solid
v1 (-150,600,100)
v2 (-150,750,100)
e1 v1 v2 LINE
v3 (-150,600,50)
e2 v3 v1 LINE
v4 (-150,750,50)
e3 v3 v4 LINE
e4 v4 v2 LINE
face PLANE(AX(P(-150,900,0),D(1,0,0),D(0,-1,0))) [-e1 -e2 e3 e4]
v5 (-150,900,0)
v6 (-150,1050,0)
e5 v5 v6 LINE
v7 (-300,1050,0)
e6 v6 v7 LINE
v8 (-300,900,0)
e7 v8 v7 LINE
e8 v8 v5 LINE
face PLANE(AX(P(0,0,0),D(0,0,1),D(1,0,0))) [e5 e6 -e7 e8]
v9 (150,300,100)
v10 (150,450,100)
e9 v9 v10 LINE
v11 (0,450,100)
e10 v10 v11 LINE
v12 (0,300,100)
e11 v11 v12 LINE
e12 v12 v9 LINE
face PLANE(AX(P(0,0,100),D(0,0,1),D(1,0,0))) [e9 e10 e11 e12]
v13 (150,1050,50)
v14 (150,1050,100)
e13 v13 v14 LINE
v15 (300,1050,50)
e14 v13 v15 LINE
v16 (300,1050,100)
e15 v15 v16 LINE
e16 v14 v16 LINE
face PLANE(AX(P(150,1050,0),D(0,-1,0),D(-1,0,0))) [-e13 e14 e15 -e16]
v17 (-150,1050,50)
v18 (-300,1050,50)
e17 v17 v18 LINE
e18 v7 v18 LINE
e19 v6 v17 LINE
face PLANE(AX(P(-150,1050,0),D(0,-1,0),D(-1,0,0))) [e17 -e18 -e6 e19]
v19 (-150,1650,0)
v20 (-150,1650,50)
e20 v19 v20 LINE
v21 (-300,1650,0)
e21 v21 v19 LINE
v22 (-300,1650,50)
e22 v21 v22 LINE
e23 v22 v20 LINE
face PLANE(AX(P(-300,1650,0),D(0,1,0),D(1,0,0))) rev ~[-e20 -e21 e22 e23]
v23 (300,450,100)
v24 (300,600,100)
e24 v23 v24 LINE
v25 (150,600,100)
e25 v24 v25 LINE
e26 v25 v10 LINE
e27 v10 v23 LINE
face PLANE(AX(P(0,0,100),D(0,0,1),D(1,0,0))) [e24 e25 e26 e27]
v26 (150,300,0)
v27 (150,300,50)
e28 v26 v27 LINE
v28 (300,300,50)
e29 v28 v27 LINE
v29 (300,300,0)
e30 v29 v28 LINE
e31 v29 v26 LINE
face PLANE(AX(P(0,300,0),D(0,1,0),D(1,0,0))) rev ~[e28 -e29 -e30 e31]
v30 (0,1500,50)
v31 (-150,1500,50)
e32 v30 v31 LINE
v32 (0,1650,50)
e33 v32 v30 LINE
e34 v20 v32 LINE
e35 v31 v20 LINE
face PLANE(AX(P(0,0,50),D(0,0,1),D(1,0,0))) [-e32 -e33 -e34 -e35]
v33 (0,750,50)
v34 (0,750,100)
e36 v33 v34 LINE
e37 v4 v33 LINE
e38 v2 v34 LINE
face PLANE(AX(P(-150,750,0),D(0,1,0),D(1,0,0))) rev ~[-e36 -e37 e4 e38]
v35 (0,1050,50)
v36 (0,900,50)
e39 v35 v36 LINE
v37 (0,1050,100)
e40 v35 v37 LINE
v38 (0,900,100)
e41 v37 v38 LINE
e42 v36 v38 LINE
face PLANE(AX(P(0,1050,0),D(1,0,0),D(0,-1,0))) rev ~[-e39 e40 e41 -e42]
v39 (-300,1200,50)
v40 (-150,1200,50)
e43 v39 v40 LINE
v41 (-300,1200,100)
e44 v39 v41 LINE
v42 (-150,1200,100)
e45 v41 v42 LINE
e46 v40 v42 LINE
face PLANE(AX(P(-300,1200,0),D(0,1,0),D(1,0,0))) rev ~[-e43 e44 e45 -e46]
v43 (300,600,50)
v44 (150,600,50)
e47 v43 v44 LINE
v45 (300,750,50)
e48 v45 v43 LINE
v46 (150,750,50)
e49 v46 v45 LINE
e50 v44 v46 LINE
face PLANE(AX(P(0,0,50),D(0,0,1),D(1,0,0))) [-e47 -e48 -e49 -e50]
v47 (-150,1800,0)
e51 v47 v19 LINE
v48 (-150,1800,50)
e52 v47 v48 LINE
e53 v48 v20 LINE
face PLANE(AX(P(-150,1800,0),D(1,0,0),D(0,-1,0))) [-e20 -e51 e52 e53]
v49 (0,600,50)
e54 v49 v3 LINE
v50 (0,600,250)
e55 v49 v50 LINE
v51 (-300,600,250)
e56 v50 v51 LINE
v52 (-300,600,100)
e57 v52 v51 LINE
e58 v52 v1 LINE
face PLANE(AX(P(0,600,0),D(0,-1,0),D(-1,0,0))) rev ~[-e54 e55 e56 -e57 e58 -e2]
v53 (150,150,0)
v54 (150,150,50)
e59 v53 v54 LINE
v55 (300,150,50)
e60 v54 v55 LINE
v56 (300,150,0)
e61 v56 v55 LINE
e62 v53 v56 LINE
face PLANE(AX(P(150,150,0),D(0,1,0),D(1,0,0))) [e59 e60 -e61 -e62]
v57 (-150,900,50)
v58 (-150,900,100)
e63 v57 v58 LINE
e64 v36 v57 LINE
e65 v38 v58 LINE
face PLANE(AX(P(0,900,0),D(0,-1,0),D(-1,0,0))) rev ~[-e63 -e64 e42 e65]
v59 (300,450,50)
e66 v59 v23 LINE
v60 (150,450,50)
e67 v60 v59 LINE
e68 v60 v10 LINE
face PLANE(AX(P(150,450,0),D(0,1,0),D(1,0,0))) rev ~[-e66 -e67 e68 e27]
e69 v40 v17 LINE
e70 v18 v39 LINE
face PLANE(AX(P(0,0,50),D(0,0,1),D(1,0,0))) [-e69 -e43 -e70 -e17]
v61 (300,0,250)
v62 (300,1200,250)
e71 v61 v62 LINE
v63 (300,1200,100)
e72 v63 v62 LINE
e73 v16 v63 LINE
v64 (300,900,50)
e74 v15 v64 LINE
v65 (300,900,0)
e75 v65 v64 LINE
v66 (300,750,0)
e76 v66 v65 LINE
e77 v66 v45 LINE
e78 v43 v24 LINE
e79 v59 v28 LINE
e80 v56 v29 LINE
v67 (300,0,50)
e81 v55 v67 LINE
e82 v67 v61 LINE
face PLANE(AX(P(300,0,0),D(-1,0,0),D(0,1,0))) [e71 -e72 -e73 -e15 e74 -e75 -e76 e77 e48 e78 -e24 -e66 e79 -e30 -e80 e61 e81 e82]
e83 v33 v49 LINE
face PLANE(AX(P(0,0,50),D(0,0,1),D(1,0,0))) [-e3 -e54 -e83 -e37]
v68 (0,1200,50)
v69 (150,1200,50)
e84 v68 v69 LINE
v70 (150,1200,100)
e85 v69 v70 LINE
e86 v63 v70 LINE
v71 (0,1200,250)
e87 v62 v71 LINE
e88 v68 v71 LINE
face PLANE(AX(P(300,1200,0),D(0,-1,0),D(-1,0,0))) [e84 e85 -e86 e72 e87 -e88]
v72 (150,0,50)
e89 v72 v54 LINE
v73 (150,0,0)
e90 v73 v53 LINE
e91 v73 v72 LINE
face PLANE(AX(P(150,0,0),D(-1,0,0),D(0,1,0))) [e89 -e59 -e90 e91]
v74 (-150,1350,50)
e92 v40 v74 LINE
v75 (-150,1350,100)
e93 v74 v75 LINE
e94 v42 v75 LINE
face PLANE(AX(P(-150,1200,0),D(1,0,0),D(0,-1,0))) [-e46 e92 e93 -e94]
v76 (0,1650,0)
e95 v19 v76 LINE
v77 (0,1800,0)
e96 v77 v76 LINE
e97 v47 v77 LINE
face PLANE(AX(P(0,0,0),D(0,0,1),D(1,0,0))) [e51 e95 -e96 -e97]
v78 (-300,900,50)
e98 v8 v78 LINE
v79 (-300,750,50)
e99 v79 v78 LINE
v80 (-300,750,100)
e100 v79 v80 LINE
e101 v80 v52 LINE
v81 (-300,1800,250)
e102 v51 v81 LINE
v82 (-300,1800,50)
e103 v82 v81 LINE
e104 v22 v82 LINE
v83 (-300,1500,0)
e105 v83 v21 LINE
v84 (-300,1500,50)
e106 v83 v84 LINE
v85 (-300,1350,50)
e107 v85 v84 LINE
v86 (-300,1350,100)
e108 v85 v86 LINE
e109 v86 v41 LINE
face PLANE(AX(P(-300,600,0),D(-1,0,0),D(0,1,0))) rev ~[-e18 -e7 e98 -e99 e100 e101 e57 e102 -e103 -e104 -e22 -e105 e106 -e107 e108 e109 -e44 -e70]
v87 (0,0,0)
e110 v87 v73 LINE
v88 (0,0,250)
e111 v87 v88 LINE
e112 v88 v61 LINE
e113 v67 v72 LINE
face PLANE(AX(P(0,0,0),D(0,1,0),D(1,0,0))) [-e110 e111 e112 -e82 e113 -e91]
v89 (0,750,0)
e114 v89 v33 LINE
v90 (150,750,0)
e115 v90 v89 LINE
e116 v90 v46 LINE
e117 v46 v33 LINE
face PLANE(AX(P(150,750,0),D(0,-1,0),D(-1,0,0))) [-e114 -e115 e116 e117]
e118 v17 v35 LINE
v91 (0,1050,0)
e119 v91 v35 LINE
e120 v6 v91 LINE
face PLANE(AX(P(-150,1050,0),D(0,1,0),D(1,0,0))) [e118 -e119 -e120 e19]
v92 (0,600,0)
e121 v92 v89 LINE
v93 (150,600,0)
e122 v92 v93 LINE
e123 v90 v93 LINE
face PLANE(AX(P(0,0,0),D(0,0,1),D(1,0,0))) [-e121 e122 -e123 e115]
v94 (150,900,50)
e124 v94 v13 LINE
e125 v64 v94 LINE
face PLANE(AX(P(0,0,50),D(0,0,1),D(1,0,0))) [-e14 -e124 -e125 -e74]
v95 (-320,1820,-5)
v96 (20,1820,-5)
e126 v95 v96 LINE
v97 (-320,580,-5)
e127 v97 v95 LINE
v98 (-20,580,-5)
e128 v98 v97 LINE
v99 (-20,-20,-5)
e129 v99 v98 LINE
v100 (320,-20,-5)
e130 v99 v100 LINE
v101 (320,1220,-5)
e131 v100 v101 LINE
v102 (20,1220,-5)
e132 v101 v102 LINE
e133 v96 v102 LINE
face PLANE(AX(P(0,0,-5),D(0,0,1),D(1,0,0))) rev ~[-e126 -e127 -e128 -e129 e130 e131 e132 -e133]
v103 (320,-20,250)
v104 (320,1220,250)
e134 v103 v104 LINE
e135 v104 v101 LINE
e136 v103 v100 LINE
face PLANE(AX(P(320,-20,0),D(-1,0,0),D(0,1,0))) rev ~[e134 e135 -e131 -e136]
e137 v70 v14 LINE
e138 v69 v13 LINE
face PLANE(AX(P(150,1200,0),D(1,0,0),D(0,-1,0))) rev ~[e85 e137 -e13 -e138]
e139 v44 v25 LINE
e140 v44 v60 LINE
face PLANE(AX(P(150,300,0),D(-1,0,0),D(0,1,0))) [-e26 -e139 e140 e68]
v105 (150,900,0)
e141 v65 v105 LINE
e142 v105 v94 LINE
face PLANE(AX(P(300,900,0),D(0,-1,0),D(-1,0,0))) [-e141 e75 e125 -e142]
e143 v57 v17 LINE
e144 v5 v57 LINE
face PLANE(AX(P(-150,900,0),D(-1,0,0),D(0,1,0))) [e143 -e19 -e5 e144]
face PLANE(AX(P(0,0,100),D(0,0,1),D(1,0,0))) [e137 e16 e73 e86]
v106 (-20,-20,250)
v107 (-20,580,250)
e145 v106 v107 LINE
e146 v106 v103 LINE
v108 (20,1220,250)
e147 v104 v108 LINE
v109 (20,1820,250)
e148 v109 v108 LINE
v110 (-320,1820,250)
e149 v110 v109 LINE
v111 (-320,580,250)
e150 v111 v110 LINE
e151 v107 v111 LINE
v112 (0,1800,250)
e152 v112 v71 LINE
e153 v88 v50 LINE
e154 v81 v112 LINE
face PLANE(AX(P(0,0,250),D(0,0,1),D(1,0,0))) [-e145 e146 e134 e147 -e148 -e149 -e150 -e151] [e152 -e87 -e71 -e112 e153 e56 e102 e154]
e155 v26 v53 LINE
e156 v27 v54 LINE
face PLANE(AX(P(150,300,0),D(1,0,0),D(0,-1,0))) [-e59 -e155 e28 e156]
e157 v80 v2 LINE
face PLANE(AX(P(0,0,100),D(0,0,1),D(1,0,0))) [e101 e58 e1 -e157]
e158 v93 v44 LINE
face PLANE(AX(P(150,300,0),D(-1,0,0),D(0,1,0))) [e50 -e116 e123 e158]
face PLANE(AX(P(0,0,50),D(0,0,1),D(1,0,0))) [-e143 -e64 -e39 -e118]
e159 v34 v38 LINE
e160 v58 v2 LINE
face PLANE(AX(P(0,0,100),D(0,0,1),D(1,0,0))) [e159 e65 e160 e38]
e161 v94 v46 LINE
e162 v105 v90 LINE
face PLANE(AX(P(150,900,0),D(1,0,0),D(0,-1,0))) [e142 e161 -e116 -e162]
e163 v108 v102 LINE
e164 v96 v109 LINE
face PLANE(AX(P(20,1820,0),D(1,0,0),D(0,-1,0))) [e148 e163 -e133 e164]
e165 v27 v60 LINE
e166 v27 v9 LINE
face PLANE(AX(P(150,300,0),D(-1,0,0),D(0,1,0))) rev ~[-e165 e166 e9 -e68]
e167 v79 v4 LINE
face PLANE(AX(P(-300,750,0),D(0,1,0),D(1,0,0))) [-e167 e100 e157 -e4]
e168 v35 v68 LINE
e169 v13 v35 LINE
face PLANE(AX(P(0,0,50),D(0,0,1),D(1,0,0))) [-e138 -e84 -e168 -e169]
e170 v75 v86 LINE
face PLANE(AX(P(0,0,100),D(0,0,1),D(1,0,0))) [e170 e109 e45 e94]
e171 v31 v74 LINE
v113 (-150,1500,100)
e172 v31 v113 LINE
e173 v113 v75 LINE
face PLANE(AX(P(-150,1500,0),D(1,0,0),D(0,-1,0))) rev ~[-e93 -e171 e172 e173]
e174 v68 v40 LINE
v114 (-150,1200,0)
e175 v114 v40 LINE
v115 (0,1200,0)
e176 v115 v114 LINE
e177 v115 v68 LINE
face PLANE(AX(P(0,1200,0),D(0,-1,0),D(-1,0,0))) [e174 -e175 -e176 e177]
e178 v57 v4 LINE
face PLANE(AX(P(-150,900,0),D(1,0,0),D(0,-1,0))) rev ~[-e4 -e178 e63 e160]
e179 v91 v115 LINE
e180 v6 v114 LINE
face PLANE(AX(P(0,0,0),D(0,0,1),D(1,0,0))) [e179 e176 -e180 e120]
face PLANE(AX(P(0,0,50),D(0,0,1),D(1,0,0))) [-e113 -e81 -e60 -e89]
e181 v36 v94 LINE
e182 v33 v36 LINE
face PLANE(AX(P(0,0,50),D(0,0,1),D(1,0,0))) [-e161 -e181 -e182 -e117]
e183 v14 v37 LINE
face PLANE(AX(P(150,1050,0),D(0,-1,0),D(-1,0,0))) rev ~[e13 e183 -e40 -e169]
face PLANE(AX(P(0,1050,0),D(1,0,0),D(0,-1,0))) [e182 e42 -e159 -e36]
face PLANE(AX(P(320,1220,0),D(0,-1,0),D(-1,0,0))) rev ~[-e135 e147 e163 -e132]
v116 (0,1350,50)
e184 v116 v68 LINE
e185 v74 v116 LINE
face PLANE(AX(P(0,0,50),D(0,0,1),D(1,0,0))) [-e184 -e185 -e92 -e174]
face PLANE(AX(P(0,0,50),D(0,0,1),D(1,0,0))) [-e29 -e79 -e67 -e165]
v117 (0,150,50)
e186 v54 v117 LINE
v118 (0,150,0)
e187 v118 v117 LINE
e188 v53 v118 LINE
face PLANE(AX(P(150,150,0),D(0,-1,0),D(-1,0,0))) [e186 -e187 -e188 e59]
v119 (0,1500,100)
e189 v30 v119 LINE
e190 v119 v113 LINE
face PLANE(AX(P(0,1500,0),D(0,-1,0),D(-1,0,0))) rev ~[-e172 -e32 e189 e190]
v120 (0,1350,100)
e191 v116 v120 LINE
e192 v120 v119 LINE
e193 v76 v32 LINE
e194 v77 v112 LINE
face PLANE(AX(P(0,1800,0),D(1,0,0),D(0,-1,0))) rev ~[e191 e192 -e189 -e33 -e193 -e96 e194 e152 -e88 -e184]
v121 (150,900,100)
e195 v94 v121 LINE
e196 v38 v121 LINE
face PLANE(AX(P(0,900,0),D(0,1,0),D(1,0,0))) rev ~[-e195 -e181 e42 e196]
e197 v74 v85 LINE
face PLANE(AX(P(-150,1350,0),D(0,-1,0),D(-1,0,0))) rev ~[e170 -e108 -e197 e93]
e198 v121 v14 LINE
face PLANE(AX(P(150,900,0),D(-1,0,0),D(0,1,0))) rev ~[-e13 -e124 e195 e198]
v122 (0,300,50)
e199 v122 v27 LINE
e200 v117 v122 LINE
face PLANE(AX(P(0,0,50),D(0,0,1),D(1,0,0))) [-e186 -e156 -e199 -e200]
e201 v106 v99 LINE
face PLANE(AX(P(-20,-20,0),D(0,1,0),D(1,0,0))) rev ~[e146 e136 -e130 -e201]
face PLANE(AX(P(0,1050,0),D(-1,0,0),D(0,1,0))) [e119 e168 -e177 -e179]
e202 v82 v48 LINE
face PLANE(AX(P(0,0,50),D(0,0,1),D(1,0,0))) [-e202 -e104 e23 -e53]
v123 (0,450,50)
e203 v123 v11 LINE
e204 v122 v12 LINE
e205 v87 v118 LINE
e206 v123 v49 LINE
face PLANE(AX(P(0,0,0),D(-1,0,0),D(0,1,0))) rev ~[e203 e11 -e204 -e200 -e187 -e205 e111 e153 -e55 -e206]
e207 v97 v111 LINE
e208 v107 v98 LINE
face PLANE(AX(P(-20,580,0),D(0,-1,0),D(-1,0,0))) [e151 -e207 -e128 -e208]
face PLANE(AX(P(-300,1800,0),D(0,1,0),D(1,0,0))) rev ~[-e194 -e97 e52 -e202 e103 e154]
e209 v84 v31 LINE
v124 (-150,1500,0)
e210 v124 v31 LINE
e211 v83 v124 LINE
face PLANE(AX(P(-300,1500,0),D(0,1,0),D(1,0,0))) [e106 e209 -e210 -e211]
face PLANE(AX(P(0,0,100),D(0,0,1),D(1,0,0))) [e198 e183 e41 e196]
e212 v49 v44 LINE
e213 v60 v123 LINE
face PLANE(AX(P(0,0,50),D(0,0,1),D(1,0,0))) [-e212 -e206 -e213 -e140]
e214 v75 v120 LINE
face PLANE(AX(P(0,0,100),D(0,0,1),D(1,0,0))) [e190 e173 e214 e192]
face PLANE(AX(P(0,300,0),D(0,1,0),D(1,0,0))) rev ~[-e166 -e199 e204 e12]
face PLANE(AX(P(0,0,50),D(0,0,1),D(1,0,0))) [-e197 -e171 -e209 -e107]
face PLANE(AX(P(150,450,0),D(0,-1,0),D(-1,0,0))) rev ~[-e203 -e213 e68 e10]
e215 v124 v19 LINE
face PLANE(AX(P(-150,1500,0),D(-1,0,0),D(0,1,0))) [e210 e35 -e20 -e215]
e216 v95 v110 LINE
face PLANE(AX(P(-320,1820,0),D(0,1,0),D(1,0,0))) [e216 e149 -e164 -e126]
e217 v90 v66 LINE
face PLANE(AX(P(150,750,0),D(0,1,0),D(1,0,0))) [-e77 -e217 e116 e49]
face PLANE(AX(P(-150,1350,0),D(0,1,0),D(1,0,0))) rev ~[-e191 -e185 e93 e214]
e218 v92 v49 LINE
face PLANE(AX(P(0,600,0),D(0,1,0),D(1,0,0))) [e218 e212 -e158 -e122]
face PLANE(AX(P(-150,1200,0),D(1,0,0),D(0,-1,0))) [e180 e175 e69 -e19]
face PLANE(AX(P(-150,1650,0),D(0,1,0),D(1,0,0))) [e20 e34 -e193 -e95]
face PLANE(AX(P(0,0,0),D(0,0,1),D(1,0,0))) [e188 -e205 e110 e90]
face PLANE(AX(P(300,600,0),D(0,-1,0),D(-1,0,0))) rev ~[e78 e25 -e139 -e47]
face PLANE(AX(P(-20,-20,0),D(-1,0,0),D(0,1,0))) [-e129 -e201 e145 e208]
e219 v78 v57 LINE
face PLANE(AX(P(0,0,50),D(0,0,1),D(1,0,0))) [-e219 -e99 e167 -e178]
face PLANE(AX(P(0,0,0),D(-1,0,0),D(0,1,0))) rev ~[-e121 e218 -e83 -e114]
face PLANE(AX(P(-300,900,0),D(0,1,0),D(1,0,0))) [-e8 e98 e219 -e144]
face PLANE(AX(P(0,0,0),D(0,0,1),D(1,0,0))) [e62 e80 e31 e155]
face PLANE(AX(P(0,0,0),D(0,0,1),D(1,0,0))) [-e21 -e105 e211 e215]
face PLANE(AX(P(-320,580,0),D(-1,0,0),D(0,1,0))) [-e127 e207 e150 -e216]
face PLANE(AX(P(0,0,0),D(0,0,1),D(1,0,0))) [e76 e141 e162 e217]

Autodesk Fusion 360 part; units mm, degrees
sketch "Sketch1" plane through (0, 0, 0) normal (0, 0, 1) x (1, 0, 0)
  line L0 (0, 0) -> (300, 0)
  line L1 (300, 0) -> (300, 1200)
  line L2 (300, 1200) -> (0, 1200)
  line L3 (0, 600) -> (-300, 600)
  line L4 (-300, 600) -> (-300, 1800)
  line L5 (-300, 1800) -> (0, 1800)
  line L6 (0, 1800) -> (0, 1200)
  line L7 (0, 0) -> (0, 600)
  line L8 (20, 1820) -> (20, 1220)
  line L9 (320, 1220) -> (20, 1220)
  line L10 (320, -20) -> (320, 1220)
  line L11 (-20, -20) -> (320, -20)
  line L12 (-20, -20) -> (-20, 580)
  line L13 (-20, 580) -> (-320, 580)
  line L14 (-320, 580) -> (-320, 1820)
  line L15 (-320, 1820) -> (20, 1820)
  dimension "d1" = 300
  dimension "d2" = 1200
  dimension "d3" = 300
  dimension "d4" = 1200
  dimension "d5" = -20
extrude "Extrude1" add sketch "Sketch1" along normal blind 400 makes body 1
extrude "Extrude2" add sketch "Sketch1" against normal blind 5 separate body contours L0 L1 L2 L3 L4 L5 L6 L7 makes body 2
extrude "Extrude3" add sketch "Sketch1" against normal blind 5 bodies 1 2
extrude "Extrude4" cut 1 faces at (-313.3333, 1400, 400) along direction (0, 0, -1) blind 100 on bodies 1 bodies 1
extrude "Extrude5" cut 1 faces at (-313.3333, 1400, 300) along direction (0, 0, -1) blind 50 on bodies 1 bodies 1
sketch "Sketch2" plane through (0, 0, 0) normal (0, 0, 1) x (1, 0, 0)
  line L0 (0, 0) -> (150, 0)
  line L1 (150, 0) -> (150, 150)
  line L2 (150, 150) -> (0, 150)
  line L3 (0, 150) -> (0, 0)
  line L4 (150, 150) -> (300, 150)
  line L5 (300, 150) -> (300, 0)
  line L6 (300, 0) -> (150, 0)
  line L7 (0, 300) -> (150, 300)
  line L8 (0, 150) -> (0, 300)
  line L9 (150, 300) -> (150, 150)
  line L10 (300, 300) -> (150, 300)
  line L11 (300, 150) -> (300, 300)
  line L12 (150, 600) -> (150, 450)
  line L13 (150, 450) -> (0, 450)
  line L14 (150, 450) -> (300, 450)
  line L15 (150, 300) -> (150, 450)
  line L16 (0, 600) -> (150, 600)
  line L17 (0, 450) -> (0, 600)
  line L18 (300, 600) -> (150, 600)
  line L19 (0, 450) -> (0, 300)
  line L20 (300, 450) -> (300, 300)
  line L21 (300, 450) -> (300, 600)
  line L22 (0, 1200) -> (150, 1200)
  line L23 (0, 1050) -> (0, 900)
  line L24 (300, 1200) -> (150, 1200)
  line L25 (150, 900) -> (150, 1050)
  line L26 (150, 750) -> (0, 750)
  line L27 (0, 900) -> (150, 900)
  line L28 (300, 1050) -> (300, 1200)
  line L29 (150, 900) -> (150, 750)
  line L30 (0, 750) -> (0, 900)
  line L31 (300, 750) -> (300, 600)
  line L32 (150, 1050) -> (0, 1050)
  line L33 (150, 750) -> (300, 750)
  line L34 (300, 1050) -> (300, 900)
  line L35 (150, 1050) -> (300, 1050)
  line L36 (150, 600) -> (150, 750)
  line L37 (0, 1050) -> (0, 1200)
  line L38 (300, 900) -> (150, 900)
  line L39 (300, 750) -> (300, 900)
  line L40 (150, 1200) -> (150, 1050)
  line L41 (0, 750) -> (0, 600)
  line L42 (-150, 900) -> (-150, 750)
  line L43 (0, 900) -> (-150, 900)
  line L44 (-150, 750) -> (0, 750)
  line L45 (-150, 600) -> (-150, 750)
  line L46 (-150, 900) -> (-150, 1050)
  line L47 (-300, 1200) -> (-150, 1200)
  line L48 (-300, 750) -> (-300, 900)
  line L49 (-300, 1050) -> (-300, 1200)
  line L50 (-150, 1050) -> (0, 1050)
  line L51 (-150, 1050) -> (-300, 1050)
  line L52 (-300, 1050) -> (-300, 900)
  line L53 (0, 1200) -> (-150, 1200)
  line L54 (-150, 1200) -> (-150, 1050)
  line L55 (0, 600) -> (-150, 600)
  line L56 (-300, 900) -> (-150, 900)
  line L57 (-300, 750) -> (-300, 600)
  line L58 (-300, 600) -> (-150, 600)
  line L59 (-300, 1650) -> (-300, 1800)
  line L60 (-300, 1650) -> (-300, 1500)
  line L61 (0, 1650) -> (0, 1500)
  line L62 (-150, 1650) -> (0, 1650)
  line L63 (-150, 1500) -> (-150, 1650)
  line L64 (-300, 1350) -> (-300, 1500)
  line L65 (-150, 1500) -> (-150, 1350)
  line L66 (0, 1350) -> (0, 1500)
  line L67 (-150, 1350) -> (-300, 1350)
  line L68 (0, 1350) -> (0, 1200)
  line L69 (-300, 1350) -> (-300, 1200)
  line L70 (-150, 1800) -> (-150, 1650)
  line L71 (-300, 1500) -> (-150, 1500)
  line L72 (0, 1500) -> (-150, 1500)
  line L73 (-150, 1350) -> (0, 1350)
  line L74 (-300, 1800) -> (-150, 1800)
  line L75 (-150, 1200) -> (-150, 1350)
  line L76 (0, 1800) -> (-150, 1800)
  line L77 (0, 1650) -> (0, 1800)
  line L78 (-300, 750) -> (-150, 750)
  line L79 (-300, 1650) -> (-150, 1650)
  point P0 (0, 1200)
  point P1 (150, 600)
  point P2 (0, 900)
  point P3 (0, 600)
  point P4 (0, 750)
  point P5 (-150, 600)
  point P6 (-150, 750)
  point P7 (0, 1050)
  point P8 (0, 1350)
  point P9 (-150, 1200)
  point P10 (0, 1500)
  point P11 (-150, 1800)
  point P12 (-150, 1650)
  point P13 (0, 1200)
  point P14 (0, 1200)
  dimension "d16" = 150
  dimension "d17" = 150
extrude "Extrude6" add sketch "Sketch2" along normal blind 50 separate body contours L59 L70 L74 L79 makes body 3
extrude "Extrude7" add sketch "Sketch2" along normal blind 50 separate body contours L64 L65 L67 L71 makes body 4
extrude "Extrude8" add sketch "Sketch2" along normal blind 100 contours L47 L67 L69 L75 bodies 4
extrude "Extrude9" add sketch "Sketch2" along normal blind 50 contours L47 L49 L51 L54 bodies 4
extrude "Extrude10" add sketch "Sketch2" along normal blind 50 separate body contours L42 L48 L56 L78 makes body 5
extrude "Extrude11" add sketch "Sketch2" along normal blind 100 contours L45 L57 L58 L78 bodies 5
extrude "Extrude12" add sketch "Sketch2" along normal blind 50 separate body contours L61 L62 L63 L72 makes body 6
extrude "Extrude13" add sketch "Sketch2" along normal blind 100 contours L65 L66 L72 L73 bodies 6 4
extrude "Extrude14" add sketch "Sketch2" along normal blind 50 separate body contours L53 L68 L73 L75 makes body 7
extrude "Extrude15" add sketch "Sketch2" along normal blind 50 separate body contours L23 L43 L46 L50 makes body 8
extrude "Extrude16" add sketch "Sketch2" along normal blind 100 contours L30 L42 L43 L44 bodies 8 5
extrude "Extrude17" add sketch "Sketch2" along normal blind 50 separate body contours L41 L44 L45 L55 makes body 9
extrude "Extrude18" add sketch "Sketch2" along normal blind 50 separate body contours L22 L32 L37 L40 makes body 10
extrude "Extrude19" add sketch "Sketch2" along normal blind 100 contours L24 L28 L35 L40 bodies 10
extrude "Extrude20" add sketch "Sketch2" along normal blind 50 contours L25 L34 L35 L38 bodies 10
extrude "Extrude21" add sketch "Sketch2" along normal blind 50 separate body contours L18 L31 L33 L36 makes body 11
extrude "Extrude22" add sketch "Sketch2" along normal blind 100 contours L12 L14 L18 L21 bodies 11
extrude "Extrude23" add sketch "Sketch2" along normal blind 50 contours L10 L14 L15 L20 bodies 11
extrude "Extrude24" add sketch "Sketch2" along normal blind 50 separate body contours L1 L4 L5 L6 makes body 12
extrude "Extrude25" add sketch "Sketch2" along normal blind 100 separate body contours L23 L25 L27 L32 makes body 13
extrude "Extrude26" add sketch "Sketch2" along normal blind 50 contours L26 L27 L29 L30 bodies 13 8 9 10 11
extrude "Extrude27" add sketch "Sketch2" along normal blind 50 separate body contours L12 L13 L16 L17 makes body 14
extrude "Extrude28" add sketch "Sketch2" along normal blind 100 contours L7 L13 L15 L19 bodies 14 13
extrude "Extrude29" add sketch "Sketch2" along normal blind 50 separate body contours L2 L7 L8 L9 makes body 15
combine "Combine1" operation add target body 14 tool bodies 7 6 12 makes body 16 at (150, 400, 0)
combine "Combine2" operation add target body 14 tool bodies 1
combine "Combine3" operation add target body 3 tool bodies 14
combine "Combine4" operation add target body 3 tool bodies 15
combine "Combine5" operation add target body 3 tool bodies 16
